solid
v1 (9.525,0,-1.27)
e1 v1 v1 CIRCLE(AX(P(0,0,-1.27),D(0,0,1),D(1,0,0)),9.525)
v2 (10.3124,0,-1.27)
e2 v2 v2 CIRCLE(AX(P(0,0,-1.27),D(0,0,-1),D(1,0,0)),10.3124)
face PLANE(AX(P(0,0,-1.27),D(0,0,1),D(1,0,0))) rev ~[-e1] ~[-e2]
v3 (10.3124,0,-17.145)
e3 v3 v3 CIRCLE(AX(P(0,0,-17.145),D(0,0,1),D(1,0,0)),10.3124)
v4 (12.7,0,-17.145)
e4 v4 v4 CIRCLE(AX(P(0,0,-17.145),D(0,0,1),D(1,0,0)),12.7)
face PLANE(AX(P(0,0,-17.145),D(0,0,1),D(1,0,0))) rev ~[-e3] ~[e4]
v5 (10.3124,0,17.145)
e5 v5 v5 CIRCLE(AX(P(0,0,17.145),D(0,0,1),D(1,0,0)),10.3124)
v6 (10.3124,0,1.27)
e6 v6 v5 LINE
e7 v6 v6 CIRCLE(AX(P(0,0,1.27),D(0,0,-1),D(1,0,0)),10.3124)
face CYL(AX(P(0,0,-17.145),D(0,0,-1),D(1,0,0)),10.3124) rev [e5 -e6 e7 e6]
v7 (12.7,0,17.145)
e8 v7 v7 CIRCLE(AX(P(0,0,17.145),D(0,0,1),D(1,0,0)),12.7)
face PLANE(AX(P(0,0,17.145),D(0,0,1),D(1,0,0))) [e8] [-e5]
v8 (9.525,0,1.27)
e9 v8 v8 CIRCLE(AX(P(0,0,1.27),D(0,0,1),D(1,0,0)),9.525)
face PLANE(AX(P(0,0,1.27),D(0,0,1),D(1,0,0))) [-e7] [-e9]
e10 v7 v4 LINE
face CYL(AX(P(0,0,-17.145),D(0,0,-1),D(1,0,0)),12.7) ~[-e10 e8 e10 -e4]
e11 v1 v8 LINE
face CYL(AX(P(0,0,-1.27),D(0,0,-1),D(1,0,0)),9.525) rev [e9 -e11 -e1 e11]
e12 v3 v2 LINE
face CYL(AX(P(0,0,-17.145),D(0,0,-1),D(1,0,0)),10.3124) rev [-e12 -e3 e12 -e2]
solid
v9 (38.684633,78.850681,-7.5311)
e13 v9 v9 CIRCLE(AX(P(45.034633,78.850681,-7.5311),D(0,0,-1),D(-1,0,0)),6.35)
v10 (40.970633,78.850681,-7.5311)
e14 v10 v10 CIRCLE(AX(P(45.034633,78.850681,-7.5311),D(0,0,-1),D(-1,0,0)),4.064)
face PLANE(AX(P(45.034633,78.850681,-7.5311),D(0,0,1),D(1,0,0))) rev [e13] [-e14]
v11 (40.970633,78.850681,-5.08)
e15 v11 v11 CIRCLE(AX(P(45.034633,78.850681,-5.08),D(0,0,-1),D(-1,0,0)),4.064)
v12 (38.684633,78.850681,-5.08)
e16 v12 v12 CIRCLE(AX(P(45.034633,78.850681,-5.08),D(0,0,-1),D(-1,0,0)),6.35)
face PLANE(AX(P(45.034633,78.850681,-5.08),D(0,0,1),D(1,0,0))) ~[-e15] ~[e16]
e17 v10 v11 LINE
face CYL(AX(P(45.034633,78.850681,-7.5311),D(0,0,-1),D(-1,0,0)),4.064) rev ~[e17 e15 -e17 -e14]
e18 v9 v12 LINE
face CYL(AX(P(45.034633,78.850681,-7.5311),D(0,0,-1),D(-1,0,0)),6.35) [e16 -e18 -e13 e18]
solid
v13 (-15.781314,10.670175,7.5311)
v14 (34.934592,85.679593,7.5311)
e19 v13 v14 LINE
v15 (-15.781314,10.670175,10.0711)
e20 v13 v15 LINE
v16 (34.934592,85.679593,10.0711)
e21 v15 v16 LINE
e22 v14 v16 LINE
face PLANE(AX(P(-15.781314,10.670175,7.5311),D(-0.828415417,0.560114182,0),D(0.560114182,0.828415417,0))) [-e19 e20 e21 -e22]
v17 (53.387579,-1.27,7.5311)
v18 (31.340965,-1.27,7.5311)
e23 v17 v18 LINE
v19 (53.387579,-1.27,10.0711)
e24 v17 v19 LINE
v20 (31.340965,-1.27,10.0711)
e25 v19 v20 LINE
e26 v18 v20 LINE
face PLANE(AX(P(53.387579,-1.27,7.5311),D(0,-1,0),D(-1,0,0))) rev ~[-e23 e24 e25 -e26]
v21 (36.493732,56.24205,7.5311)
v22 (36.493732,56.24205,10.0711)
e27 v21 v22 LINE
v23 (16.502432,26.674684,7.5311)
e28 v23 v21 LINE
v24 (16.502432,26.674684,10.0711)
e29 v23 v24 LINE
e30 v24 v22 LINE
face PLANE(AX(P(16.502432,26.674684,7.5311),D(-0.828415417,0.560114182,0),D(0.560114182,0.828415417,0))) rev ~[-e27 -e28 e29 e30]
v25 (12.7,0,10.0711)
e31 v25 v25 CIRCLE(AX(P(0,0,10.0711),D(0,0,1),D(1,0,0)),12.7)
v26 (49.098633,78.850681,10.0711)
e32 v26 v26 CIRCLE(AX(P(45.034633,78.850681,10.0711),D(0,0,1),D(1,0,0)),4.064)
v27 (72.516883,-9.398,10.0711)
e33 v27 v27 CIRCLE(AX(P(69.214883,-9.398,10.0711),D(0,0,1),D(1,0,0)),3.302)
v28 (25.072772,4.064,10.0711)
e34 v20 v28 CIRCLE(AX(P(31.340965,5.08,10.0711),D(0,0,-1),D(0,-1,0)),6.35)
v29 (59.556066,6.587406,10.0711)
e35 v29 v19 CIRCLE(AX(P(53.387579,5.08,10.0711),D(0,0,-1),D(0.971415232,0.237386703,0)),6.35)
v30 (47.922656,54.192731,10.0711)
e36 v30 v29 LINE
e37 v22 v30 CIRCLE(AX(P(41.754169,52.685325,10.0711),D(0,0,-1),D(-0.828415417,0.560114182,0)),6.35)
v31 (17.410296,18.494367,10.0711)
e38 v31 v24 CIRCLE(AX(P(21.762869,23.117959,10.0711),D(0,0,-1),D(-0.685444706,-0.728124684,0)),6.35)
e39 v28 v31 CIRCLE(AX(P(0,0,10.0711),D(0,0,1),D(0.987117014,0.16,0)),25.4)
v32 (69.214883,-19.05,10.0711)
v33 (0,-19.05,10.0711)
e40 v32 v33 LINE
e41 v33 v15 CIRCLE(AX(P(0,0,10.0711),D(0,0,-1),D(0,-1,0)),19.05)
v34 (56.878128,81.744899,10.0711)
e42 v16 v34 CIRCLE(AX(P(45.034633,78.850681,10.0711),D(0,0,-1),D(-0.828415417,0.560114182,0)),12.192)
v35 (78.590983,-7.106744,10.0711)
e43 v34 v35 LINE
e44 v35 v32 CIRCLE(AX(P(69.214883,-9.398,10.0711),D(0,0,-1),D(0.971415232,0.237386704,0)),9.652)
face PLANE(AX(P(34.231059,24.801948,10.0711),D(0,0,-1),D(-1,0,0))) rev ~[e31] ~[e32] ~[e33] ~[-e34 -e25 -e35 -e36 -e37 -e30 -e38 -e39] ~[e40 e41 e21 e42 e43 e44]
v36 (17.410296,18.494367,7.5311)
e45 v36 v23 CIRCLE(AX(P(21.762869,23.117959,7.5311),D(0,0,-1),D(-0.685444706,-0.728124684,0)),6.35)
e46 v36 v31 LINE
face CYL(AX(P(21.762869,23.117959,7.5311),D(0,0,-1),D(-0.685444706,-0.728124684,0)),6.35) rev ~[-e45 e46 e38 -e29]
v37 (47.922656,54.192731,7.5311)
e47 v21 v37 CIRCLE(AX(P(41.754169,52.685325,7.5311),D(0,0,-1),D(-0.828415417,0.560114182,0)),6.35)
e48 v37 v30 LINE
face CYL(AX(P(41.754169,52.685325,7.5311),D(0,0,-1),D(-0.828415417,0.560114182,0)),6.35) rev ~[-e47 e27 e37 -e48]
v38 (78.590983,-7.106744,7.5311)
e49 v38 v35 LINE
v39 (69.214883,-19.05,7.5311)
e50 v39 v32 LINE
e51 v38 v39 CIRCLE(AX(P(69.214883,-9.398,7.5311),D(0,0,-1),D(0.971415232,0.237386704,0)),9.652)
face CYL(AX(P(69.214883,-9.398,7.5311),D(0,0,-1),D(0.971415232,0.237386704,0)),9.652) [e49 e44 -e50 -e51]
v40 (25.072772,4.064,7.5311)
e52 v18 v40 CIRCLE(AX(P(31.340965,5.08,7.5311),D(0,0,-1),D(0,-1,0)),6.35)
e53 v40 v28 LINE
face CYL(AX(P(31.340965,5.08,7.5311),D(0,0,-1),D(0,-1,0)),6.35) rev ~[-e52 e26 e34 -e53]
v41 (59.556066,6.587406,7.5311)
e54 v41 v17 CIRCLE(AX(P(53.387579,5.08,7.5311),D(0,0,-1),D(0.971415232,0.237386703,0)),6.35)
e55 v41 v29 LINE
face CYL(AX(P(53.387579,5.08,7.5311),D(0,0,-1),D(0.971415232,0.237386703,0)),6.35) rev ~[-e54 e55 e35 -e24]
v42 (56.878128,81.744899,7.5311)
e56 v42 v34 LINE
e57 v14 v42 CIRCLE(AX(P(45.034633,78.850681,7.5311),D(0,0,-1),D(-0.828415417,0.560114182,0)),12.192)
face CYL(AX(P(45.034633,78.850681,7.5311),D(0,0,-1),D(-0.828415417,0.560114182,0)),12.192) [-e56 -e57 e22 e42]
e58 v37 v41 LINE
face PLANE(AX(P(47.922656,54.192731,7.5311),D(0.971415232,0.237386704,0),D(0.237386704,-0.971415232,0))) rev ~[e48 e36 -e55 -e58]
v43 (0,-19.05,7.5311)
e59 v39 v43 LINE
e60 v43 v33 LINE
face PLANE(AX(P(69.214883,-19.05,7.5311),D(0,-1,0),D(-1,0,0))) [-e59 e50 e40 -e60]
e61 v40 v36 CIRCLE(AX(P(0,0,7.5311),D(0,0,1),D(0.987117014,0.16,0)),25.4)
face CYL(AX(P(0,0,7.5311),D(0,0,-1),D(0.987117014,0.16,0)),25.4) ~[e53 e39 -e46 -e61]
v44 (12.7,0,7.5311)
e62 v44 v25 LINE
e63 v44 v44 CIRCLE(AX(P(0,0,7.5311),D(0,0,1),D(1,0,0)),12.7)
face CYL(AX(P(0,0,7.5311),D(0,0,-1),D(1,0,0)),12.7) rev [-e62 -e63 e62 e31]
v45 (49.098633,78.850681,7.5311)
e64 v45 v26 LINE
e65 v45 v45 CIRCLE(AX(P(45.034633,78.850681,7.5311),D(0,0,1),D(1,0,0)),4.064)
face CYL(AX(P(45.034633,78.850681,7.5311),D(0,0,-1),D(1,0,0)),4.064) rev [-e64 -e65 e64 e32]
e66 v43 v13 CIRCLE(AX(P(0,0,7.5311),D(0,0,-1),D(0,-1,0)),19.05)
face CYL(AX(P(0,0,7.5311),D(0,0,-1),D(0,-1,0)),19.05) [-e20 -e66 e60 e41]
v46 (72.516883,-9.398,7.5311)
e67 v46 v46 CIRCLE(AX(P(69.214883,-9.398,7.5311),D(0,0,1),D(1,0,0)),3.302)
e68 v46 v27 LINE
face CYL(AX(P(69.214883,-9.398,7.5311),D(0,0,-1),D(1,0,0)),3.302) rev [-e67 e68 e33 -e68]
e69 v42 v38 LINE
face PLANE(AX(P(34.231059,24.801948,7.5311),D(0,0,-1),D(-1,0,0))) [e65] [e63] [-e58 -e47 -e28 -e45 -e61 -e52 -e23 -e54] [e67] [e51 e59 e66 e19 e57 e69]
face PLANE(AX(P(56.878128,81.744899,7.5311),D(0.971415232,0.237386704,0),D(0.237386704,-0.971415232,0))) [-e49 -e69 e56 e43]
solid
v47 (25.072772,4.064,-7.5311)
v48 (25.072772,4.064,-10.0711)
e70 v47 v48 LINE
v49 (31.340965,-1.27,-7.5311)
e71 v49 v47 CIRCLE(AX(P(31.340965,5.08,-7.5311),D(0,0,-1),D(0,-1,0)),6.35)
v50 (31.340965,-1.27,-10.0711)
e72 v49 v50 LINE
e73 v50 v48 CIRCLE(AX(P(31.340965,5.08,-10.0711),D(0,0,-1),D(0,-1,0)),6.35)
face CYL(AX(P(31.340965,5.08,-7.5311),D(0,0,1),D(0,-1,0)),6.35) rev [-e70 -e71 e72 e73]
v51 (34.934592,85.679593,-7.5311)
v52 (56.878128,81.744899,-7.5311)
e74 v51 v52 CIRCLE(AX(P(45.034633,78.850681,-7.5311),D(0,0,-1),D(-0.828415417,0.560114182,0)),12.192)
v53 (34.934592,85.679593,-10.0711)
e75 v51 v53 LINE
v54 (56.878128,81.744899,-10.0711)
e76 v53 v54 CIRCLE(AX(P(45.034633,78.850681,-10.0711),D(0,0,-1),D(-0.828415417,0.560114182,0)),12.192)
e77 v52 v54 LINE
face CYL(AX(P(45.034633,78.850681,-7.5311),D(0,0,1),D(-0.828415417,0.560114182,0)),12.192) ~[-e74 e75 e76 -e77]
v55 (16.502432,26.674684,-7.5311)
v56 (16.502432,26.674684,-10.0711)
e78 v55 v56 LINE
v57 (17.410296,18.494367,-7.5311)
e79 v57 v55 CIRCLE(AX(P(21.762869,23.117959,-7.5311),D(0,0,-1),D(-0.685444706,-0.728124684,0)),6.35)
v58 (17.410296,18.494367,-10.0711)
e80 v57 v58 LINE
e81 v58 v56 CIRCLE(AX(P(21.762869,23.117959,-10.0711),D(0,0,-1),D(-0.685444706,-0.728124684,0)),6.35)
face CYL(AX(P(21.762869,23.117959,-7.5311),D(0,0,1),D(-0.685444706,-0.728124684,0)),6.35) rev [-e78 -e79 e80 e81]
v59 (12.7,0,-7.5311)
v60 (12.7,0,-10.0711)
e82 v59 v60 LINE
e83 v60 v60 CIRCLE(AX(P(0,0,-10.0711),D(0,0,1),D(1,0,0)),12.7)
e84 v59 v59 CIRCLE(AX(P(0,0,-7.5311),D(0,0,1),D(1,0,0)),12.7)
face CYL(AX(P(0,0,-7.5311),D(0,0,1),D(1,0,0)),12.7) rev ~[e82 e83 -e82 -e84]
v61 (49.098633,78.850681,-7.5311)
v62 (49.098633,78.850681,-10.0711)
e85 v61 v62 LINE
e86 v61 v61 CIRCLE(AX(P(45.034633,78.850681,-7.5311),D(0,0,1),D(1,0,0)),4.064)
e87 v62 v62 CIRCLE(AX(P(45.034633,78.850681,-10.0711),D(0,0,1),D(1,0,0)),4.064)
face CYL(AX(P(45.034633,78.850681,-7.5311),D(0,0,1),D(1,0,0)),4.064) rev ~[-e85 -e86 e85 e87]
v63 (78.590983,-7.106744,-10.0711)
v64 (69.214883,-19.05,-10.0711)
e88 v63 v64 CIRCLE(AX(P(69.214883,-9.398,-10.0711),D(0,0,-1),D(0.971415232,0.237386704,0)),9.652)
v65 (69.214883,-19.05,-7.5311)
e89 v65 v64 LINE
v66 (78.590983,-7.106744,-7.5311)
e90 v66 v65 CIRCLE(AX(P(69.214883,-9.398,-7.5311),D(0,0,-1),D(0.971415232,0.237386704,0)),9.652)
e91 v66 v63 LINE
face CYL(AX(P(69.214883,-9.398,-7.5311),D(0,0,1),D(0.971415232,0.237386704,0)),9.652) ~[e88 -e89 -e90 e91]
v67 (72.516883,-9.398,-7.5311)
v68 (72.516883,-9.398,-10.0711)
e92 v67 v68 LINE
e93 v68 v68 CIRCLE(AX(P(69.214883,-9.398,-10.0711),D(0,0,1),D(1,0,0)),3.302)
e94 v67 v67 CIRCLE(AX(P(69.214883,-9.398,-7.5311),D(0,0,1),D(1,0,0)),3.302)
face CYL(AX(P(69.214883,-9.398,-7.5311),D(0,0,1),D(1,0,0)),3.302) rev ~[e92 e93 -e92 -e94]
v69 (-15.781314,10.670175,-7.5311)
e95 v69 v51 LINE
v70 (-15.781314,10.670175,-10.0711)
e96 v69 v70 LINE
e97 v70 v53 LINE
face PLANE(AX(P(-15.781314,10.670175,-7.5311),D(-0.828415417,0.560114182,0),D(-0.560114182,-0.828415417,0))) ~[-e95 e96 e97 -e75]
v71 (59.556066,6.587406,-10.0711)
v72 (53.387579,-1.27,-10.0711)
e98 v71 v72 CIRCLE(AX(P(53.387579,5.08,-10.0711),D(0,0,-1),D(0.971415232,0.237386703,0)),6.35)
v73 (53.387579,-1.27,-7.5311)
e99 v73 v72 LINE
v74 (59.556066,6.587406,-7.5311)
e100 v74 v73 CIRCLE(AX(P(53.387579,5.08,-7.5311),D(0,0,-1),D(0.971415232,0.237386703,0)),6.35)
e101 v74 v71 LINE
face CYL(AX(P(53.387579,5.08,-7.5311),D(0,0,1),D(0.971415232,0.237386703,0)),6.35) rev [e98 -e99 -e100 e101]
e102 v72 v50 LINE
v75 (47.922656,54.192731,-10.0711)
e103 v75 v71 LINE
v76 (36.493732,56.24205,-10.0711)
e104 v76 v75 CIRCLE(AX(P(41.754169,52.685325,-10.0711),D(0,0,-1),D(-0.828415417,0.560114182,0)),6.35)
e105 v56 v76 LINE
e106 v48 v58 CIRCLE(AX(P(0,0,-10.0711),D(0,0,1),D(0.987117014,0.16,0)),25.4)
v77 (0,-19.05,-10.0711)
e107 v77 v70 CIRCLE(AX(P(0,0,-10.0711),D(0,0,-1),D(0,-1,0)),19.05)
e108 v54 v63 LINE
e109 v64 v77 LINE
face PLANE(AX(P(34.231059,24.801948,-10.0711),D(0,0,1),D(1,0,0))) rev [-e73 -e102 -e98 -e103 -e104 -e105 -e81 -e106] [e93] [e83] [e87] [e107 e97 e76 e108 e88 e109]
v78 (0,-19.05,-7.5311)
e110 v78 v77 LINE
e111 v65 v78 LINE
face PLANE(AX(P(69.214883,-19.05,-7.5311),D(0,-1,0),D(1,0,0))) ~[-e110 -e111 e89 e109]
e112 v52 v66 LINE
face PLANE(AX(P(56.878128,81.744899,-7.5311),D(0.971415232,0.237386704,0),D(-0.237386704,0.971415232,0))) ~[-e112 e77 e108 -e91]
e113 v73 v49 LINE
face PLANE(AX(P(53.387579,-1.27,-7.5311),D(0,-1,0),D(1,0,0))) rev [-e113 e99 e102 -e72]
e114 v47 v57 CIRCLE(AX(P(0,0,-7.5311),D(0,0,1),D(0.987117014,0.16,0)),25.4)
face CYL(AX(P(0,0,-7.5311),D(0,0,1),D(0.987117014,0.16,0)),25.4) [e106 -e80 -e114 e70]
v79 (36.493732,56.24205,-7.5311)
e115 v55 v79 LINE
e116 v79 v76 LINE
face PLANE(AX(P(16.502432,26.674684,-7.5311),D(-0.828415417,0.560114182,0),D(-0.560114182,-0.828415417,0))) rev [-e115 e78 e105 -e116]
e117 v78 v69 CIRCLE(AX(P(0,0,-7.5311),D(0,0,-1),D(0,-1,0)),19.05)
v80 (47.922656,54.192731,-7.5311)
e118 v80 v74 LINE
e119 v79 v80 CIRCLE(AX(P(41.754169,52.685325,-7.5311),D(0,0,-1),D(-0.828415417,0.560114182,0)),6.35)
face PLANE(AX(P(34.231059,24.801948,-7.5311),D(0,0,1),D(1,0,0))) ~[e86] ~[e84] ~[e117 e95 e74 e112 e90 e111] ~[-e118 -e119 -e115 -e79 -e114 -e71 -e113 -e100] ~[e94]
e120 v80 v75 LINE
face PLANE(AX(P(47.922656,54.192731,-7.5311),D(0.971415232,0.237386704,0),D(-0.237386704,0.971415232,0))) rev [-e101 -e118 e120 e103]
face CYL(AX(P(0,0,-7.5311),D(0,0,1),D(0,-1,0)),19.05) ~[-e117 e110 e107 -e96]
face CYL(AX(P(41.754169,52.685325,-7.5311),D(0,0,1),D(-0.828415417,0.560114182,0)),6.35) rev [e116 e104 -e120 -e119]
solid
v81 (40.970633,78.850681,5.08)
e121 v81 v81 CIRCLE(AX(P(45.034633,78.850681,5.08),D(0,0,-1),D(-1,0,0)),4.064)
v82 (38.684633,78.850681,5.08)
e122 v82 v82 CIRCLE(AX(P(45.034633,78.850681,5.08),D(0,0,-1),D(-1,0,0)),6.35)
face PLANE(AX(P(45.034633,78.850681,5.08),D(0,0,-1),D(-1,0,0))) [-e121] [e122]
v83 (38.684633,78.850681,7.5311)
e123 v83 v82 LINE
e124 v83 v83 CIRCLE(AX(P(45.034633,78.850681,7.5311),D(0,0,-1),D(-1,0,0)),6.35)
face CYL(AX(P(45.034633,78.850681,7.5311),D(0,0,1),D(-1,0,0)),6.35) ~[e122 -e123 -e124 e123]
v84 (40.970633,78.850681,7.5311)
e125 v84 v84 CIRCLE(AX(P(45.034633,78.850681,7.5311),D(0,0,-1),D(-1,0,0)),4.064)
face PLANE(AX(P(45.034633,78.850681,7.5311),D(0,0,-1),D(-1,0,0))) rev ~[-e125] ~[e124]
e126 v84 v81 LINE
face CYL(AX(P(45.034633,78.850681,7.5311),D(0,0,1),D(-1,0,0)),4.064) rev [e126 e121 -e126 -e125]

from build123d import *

# Parameters (mm, degrees)
BEARING_BACK_STOP_DEPTH      = 1.27
BEARING_BACK_STOP_DEPTH_BACK = 1.27
SKETCH3_R                    = 12.7
SKETCH3_R_2                  = 9.525
BEARING_MOUNT_DEPTH          = 17.145
BEARING_MOUNT_DEPTH_BACK     = 17.145
SKETCH1_R                    = 12.7
SKETCH1_R_2                  = 10.3124
BELLCRANK_START              = 7.5311
SKETCH4_R                    = 4.064
SKETCH4_R_2                  = 3.302
SKETCH4_R_3                  = 12.7
BELLCRANK_PLATE_DEPTH        = 2.54
SKETCH5_R                    = 6.35
SKETCH5_R_2                  = 4.064
DAMPER_WASHER_DEPTH          = 2.4511


with BuildPart() as part:
    # Sketch3 → Bearing Back Stop (new, two sides: drawn at the far end of the back side and taken through both)
    with BuildSketch(Plane.XY.offset(-BEARING_BACK_STOP_DEPTH_BACK)):
        Circle(SKETCH3_R)
        Circle(SKETCH3_R_2, mode=Mode.SUBTRACT)
    extrude(amount=BEARING_BACK_STOP_DEPTH + BEARING_BACK_STOP_DEPTH_BACK)

    # Sketch1 → Bearing Mount (add, two sides: drawn at the far end of the back side and taken through both)
    with BuildSketch(Plane.XY.offset(-BEARING_MOUNT_DEPTH_BACK)):
        Circle(SKETCH1_R)
        Circle(SKETCH1_R_2, mode=Mode.SUBTRACT)
    extrude(amount=BEARING_MOUNT_DEPTH + BEARING_MOUNT_DEPTH_BACK)


with BuildPart() as body_2:
    # Sketch4 → Bellcrank Plate (new body)
    with BuildSketch(Plane.XY.offset(BELLCRANK_START)):
        with BuildLine():
            Line((-15.781313692, 10.67017517), (34.934592494, 85.679592718))
            ThreePointArc((34.934592494, 85.679592718), (47.186460576, 90.851284893), (56.878127765, 81.744899299))
            Line((56.878127765, 81.744899299), (78.590983305, -7.106743537))
            ThreePointArc((78.590983305, -7.106743537), (76.806863181, -15.358113112), (69.214883486, -19.05))
            Line((69.214883486, -19.05), (0, -19.05))
            ThreePointArc((0, -19.05), (-16.825120163, -8.934082578), (-15.781313692, 10.67017517))
        make_face()
        with Locations((45.034633256, 78.850680609)):
            Circle(SKETCH4_R, mode=Mode.SUBTRACT)
        with Locations((69.214883486, -9.398)):
            Circle(SKETCH4_R_2, mode=Mode.SUBTRACT)
        Circle(SKETCH4_R_3, mode=Mode.SUBTRACT)
        with BuildLine():
            Line((53.387578963, -1.27), (31.340965205, -1.27))
            ThreePointArc((31.340965205, -1.27), (27.225694862, 0.243984078), (25.072772164, 4.064))
            ThreePointArc((25.072772164, 4.064), (22.433493551, 11.912110103), (17.41029553, 18.494366968))
            ThreePointArc((17.41029553, 18.494366968), (15.451617983, 22.417526417), (16.502431515, 26.674683767))
            Line((16.502431515, 26.674683767), (36.493731583, 56.242050042))
            ThreePointArc((36.493731583, 56.242050042), (42.874912876, 58.935639716), (47.922656203, 54.192730553))
            Line((47.922656203, 54.192730553), (59.556065687, 6.587405568))
            ThreePointArc((59.556065687, 6.587405568), (58.382302447, 1.158872953), (53.387578963, -1.27))
        make_face(mode=Mode.SUBTRACT)
    extrude(amount=BELLCRANK_PLATE_DEPTH)


with BuildPart() as body_3:
    # Sketch5 → Damper Washer (new body)
    with BuildSketch(Plane(origin=(0, 0, 7.5311), x_dir=(-1, 0, 0), z_dir=(0, 0, -1))):
        with Locations((-45.034633256, 78.850680609)):
            Circle(SKETCH5_R)
        with Locations((-45.034633256, 78.850680609)):
            Circle(SKETCH5_R_2, mode=Mode.SUBTRACT)
    extrude(amount=DAMPER_WASHER_DEPTH)


with BuildPart() as body_4:
    # Bellcrank Mirror: mirrored copy
    add(body_2.part.mirror(Plane.XY))


with BuildPart() as body_5:
    # Bellcrank Mirror 2: mirrored copy
    add(body_3.part.mirror(Plane.XY))


solid = Compound([part.part, body_2.part, body_3.part, body_4.part, body_5.part])
